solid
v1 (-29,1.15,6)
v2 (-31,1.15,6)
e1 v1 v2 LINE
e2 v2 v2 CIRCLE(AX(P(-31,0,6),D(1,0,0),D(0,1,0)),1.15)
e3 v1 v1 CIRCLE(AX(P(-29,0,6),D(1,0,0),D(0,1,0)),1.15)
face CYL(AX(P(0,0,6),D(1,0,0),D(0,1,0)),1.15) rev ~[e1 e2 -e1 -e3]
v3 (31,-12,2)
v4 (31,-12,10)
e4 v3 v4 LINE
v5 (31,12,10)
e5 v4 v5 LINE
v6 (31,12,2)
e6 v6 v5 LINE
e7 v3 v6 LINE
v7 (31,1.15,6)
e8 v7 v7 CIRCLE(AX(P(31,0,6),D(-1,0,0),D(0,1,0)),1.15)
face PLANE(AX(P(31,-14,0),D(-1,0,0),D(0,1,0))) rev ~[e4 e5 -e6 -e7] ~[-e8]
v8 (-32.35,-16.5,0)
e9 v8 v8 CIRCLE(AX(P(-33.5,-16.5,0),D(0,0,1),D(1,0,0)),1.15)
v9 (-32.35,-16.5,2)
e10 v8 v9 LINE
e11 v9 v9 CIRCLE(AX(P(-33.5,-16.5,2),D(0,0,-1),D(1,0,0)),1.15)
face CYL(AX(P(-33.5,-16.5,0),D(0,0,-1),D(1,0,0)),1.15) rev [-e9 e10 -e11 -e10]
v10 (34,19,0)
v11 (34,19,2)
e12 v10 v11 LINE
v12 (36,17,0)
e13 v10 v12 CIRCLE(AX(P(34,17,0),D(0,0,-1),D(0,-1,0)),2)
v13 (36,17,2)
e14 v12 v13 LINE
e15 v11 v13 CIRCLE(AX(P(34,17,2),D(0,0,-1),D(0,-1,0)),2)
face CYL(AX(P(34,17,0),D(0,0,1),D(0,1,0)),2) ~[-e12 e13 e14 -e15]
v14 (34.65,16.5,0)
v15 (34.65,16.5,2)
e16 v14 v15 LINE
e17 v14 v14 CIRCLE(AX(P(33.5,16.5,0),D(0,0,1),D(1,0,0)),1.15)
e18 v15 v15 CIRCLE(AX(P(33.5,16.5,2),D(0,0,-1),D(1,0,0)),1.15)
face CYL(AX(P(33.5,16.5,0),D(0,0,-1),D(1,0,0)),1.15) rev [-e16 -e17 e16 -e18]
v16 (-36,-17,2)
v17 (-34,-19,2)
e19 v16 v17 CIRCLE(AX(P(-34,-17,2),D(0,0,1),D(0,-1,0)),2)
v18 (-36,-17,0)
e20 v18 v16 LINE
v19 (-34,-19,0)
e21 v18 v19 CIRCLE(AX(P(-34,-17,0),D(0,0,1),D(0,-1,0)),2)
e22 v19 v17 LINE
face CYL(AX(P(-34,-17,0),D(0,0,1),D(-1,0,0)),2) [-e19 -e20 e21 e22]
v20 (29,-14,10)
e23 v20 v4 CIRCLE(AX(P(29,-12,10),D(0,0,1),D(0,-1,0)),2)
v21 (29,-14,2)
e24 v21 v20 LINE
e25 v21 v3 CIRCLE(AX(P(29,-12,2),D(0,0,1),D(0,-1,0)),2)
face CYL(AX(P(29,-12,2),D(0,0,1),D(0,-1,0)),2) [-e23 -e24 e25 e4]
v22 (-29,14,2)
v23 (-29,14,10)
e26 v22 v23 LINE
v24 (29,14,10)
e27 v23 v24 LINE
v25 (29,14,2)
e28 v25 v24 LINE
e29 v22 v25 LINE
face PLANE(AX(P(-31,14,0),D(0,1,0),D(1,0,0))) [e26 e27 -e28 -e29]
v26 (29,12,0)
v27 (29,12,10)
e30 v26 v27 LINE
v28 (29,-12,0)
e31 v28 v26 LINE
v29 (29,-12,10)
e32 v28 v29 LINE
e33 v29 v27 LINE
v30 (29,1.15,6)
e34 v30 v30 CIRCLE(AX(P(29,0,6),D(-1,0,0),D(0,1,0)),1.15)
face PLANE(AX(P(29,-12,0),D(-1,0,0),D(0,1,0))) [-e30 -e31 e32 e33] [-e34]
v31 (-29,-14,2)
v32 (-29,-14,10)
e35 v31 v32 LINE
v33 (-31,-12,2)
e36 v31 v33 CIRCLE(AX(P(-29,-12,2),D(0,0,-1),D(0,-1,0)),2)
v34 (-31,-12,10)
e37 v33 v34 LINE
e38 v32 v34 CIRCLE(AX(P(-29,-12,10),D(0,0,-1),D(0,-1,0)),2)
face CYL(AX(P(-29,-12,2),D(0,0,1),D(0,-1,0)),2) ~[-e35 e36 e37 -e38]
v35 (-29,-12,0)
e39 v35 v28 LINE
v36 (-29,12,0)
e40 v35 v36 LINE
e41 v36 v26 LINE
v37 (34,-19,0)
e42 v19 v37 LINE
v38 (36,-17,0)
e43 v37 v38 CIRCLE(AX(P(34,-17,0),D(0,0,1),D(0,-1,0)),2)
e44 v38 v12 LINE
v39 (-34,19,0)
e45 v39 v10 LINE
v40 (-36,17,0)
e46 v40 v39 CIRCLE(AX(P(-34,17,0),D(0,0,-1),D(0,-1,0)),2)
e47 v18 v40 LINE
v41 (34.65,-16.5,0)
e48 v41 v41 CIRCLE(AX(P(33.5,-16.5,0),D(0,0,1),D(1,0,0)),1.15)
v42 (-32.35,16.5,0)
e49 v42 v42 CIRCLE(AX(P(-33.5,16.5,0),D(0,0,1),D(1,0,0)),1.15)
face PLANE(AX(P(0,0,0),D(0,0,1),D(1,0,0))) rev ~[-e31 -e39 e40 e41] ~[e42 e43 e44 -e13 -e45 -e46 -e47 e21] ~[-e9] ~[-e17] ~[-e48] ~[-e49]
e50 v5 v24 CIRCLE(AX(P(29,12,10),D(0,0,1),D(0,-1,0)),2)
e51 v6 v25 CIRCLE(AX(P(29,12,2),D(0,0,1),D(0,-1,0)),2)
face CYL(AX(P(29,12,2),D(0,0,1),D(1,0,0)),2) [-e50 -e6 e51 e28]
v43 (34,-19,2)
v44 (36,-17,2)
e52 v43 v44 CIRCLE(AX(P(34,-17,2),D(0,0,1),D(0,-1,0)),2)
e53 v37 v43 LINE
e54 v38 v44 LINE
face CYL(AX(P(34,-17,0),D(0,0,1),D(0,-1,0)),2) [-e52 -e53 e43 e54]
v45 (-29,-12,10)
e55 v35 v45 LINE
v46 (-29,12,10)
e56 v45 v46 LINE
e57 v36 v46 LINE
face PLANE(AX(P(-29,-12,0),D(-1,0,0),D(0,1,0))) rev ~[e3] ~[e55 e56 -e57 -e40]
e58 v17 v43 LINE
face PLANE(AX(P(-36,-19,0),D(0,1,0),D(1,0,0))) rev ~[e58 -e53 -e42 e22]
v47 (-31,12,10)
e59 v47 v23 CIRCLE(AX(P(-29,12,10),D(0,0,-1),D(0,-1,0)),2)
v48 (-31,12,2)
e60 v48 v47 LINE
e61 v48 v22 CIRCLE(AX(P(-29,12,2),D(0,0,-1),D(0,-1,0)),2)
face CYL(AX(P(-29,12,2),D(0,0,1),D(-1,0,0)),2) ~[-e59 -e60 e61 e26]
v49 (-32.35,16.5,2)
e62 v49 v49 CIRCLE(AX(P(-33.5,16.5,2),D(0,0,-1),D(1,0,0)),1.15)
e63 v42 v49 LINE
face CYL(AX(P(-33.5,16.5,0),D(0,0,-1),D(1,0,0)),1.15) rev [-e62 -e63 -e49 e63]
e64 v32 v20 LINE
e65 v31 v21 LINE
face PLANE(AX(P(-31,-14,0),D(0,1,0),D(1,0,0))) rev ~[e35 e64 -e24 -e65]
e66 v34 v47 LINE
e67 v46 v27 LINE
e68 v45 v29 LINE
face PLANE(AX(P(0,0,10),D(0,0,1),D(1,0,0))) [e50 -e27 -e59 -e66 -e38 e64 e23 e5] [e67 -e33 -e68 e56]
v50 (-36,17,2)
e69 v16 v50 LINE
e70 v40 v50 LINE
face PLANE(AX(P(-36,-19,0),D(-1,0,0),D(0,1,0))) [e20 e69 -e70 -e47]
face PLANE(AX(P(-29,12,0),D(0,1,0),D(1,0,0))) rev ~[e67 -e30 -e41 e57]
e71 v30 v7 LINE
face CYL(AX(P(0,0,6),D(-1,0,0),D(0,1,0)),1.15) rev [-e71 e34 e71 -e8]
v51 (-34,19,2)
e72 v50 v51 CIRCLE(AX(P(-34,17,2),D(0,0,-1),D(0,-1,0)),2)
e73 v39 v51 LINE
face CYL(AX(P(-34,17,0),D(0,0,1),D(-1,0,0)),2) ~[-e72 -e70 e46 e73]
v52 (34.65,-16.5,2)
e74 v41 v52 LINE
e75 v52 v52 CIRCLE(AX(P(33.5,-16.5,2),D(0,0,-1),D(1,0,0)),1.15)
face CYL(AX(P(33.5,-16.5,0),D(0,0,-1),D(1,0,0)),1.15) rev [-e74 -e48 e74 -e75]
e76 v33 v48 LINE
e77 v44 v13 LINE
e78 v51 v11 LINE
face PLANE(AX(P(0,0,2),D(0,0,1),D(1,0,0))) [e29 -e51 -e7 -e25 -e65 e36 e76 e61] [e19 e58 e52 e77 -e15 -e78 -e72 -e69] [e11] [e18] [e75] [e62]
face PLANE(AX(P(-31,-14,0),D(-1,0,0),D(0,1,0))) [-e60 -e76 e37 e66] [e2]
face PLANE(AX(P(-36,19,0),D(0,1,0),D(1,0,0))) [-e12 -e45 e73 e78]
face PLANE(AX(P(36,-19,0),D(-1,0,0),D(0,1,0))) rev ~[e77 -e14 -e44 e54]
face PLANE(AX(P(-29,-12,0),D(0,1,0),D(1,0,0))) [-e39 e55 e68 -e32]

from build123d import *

# Parameters (mm, degrees)
SKETCH_W             = 62
SKETCH_H             = 28
SKETCH_W_2           = 58
SKETCH_H_2           = 24
PAD_DEPTH            = 10
SKETCH001_W          = 72
SKETCH001_H          = 38
SKETCH001_W_2        = 62
SKETCH001_H_2        = 28
PAD001_DEPTH         = 2
SKETCH002_R          = 1.15
POCKET_DEPTH         = 0.001
POCKET_DEPTH_BACK    = -10.001
SKETCH003_R          = 1.15
POCKET001_DEPTH      = 36.001
POCKET001_DEPTH_BACK = -36.001
FILLET_R             = 2


with BuildPart() as part:
    # Sketch → Pad (new body)
    with BuildSketch(Plane.XY):
        Rectangle(SKETCH_W, SKETCH_H)
        Rectangle(SKETCH_W_2, SKETCH_H_2, mode=Mode.SUBTRACT)
    extrude(amount=PAD_DEPTH)

    # Sketch001 → Pad001 (join)
    with BuildSketch(Plane.XY):
        Rectangle(SKETCH001_W, SKETCH001_H)
        Rectangle(SKETCH001_W_2, SKETCH001_H_2, mode=Mode.SUBTRACT)
    extrude(amount=PAD001_DEPTH)

    # Sketch002 → Pocket (cut, two sides)
    with BuildSketch(Plane.XY) as pocket_sk:
        with Locations((-33.5, 16.5)):
            Circle(SKETCH002_R)
        with Locations((33.5, 16.5)):
            Circle(SKETCH002_R)
        with Locations((33.5, -16.5)):
            Circle(SKETCH002_R)
        with Locations((-33.5, -16.5)):
            Circle(SKETCH002_R)
    extrude(amount=-POCKET_DEPTH, mode=Mode.SUBTRACT)
    extrude(pocket_sk.sketch, amount=-POCKET_DEPTH_BACK, mode=Mode.SUBTRACT)

    # Sketch003 → Pocket001 (cut, two sides)
    with BuildSketch(Plane.YZ) as pocket001_sk:
        with Locations((0, 6)):
            Circle(SKETCH003_R)
    extrude(amount=-POCKET001_DEPTH, mode=Mode.SUBTRACT)
    extrude(pocket001_sk.sketch, amount=-POCKET001_DEPTH_BACK, mode=Mode.SUBTRACT)

    # Fillet
    fillet_edges = [part.edges().sort_by_distance(p)[0] for p in [
        (-36, 19, 1),
        (-36, -19, 1),
        (36, -19, 1),
        (36, 19, 1),
        (31, 14, 6),
        (31, -14, 6),
        (-31, 14, 6),
        (-31, -14, 6),
    ]]
    fillet(fillet_edges, radius=FILLET_R)


solid = part.part
